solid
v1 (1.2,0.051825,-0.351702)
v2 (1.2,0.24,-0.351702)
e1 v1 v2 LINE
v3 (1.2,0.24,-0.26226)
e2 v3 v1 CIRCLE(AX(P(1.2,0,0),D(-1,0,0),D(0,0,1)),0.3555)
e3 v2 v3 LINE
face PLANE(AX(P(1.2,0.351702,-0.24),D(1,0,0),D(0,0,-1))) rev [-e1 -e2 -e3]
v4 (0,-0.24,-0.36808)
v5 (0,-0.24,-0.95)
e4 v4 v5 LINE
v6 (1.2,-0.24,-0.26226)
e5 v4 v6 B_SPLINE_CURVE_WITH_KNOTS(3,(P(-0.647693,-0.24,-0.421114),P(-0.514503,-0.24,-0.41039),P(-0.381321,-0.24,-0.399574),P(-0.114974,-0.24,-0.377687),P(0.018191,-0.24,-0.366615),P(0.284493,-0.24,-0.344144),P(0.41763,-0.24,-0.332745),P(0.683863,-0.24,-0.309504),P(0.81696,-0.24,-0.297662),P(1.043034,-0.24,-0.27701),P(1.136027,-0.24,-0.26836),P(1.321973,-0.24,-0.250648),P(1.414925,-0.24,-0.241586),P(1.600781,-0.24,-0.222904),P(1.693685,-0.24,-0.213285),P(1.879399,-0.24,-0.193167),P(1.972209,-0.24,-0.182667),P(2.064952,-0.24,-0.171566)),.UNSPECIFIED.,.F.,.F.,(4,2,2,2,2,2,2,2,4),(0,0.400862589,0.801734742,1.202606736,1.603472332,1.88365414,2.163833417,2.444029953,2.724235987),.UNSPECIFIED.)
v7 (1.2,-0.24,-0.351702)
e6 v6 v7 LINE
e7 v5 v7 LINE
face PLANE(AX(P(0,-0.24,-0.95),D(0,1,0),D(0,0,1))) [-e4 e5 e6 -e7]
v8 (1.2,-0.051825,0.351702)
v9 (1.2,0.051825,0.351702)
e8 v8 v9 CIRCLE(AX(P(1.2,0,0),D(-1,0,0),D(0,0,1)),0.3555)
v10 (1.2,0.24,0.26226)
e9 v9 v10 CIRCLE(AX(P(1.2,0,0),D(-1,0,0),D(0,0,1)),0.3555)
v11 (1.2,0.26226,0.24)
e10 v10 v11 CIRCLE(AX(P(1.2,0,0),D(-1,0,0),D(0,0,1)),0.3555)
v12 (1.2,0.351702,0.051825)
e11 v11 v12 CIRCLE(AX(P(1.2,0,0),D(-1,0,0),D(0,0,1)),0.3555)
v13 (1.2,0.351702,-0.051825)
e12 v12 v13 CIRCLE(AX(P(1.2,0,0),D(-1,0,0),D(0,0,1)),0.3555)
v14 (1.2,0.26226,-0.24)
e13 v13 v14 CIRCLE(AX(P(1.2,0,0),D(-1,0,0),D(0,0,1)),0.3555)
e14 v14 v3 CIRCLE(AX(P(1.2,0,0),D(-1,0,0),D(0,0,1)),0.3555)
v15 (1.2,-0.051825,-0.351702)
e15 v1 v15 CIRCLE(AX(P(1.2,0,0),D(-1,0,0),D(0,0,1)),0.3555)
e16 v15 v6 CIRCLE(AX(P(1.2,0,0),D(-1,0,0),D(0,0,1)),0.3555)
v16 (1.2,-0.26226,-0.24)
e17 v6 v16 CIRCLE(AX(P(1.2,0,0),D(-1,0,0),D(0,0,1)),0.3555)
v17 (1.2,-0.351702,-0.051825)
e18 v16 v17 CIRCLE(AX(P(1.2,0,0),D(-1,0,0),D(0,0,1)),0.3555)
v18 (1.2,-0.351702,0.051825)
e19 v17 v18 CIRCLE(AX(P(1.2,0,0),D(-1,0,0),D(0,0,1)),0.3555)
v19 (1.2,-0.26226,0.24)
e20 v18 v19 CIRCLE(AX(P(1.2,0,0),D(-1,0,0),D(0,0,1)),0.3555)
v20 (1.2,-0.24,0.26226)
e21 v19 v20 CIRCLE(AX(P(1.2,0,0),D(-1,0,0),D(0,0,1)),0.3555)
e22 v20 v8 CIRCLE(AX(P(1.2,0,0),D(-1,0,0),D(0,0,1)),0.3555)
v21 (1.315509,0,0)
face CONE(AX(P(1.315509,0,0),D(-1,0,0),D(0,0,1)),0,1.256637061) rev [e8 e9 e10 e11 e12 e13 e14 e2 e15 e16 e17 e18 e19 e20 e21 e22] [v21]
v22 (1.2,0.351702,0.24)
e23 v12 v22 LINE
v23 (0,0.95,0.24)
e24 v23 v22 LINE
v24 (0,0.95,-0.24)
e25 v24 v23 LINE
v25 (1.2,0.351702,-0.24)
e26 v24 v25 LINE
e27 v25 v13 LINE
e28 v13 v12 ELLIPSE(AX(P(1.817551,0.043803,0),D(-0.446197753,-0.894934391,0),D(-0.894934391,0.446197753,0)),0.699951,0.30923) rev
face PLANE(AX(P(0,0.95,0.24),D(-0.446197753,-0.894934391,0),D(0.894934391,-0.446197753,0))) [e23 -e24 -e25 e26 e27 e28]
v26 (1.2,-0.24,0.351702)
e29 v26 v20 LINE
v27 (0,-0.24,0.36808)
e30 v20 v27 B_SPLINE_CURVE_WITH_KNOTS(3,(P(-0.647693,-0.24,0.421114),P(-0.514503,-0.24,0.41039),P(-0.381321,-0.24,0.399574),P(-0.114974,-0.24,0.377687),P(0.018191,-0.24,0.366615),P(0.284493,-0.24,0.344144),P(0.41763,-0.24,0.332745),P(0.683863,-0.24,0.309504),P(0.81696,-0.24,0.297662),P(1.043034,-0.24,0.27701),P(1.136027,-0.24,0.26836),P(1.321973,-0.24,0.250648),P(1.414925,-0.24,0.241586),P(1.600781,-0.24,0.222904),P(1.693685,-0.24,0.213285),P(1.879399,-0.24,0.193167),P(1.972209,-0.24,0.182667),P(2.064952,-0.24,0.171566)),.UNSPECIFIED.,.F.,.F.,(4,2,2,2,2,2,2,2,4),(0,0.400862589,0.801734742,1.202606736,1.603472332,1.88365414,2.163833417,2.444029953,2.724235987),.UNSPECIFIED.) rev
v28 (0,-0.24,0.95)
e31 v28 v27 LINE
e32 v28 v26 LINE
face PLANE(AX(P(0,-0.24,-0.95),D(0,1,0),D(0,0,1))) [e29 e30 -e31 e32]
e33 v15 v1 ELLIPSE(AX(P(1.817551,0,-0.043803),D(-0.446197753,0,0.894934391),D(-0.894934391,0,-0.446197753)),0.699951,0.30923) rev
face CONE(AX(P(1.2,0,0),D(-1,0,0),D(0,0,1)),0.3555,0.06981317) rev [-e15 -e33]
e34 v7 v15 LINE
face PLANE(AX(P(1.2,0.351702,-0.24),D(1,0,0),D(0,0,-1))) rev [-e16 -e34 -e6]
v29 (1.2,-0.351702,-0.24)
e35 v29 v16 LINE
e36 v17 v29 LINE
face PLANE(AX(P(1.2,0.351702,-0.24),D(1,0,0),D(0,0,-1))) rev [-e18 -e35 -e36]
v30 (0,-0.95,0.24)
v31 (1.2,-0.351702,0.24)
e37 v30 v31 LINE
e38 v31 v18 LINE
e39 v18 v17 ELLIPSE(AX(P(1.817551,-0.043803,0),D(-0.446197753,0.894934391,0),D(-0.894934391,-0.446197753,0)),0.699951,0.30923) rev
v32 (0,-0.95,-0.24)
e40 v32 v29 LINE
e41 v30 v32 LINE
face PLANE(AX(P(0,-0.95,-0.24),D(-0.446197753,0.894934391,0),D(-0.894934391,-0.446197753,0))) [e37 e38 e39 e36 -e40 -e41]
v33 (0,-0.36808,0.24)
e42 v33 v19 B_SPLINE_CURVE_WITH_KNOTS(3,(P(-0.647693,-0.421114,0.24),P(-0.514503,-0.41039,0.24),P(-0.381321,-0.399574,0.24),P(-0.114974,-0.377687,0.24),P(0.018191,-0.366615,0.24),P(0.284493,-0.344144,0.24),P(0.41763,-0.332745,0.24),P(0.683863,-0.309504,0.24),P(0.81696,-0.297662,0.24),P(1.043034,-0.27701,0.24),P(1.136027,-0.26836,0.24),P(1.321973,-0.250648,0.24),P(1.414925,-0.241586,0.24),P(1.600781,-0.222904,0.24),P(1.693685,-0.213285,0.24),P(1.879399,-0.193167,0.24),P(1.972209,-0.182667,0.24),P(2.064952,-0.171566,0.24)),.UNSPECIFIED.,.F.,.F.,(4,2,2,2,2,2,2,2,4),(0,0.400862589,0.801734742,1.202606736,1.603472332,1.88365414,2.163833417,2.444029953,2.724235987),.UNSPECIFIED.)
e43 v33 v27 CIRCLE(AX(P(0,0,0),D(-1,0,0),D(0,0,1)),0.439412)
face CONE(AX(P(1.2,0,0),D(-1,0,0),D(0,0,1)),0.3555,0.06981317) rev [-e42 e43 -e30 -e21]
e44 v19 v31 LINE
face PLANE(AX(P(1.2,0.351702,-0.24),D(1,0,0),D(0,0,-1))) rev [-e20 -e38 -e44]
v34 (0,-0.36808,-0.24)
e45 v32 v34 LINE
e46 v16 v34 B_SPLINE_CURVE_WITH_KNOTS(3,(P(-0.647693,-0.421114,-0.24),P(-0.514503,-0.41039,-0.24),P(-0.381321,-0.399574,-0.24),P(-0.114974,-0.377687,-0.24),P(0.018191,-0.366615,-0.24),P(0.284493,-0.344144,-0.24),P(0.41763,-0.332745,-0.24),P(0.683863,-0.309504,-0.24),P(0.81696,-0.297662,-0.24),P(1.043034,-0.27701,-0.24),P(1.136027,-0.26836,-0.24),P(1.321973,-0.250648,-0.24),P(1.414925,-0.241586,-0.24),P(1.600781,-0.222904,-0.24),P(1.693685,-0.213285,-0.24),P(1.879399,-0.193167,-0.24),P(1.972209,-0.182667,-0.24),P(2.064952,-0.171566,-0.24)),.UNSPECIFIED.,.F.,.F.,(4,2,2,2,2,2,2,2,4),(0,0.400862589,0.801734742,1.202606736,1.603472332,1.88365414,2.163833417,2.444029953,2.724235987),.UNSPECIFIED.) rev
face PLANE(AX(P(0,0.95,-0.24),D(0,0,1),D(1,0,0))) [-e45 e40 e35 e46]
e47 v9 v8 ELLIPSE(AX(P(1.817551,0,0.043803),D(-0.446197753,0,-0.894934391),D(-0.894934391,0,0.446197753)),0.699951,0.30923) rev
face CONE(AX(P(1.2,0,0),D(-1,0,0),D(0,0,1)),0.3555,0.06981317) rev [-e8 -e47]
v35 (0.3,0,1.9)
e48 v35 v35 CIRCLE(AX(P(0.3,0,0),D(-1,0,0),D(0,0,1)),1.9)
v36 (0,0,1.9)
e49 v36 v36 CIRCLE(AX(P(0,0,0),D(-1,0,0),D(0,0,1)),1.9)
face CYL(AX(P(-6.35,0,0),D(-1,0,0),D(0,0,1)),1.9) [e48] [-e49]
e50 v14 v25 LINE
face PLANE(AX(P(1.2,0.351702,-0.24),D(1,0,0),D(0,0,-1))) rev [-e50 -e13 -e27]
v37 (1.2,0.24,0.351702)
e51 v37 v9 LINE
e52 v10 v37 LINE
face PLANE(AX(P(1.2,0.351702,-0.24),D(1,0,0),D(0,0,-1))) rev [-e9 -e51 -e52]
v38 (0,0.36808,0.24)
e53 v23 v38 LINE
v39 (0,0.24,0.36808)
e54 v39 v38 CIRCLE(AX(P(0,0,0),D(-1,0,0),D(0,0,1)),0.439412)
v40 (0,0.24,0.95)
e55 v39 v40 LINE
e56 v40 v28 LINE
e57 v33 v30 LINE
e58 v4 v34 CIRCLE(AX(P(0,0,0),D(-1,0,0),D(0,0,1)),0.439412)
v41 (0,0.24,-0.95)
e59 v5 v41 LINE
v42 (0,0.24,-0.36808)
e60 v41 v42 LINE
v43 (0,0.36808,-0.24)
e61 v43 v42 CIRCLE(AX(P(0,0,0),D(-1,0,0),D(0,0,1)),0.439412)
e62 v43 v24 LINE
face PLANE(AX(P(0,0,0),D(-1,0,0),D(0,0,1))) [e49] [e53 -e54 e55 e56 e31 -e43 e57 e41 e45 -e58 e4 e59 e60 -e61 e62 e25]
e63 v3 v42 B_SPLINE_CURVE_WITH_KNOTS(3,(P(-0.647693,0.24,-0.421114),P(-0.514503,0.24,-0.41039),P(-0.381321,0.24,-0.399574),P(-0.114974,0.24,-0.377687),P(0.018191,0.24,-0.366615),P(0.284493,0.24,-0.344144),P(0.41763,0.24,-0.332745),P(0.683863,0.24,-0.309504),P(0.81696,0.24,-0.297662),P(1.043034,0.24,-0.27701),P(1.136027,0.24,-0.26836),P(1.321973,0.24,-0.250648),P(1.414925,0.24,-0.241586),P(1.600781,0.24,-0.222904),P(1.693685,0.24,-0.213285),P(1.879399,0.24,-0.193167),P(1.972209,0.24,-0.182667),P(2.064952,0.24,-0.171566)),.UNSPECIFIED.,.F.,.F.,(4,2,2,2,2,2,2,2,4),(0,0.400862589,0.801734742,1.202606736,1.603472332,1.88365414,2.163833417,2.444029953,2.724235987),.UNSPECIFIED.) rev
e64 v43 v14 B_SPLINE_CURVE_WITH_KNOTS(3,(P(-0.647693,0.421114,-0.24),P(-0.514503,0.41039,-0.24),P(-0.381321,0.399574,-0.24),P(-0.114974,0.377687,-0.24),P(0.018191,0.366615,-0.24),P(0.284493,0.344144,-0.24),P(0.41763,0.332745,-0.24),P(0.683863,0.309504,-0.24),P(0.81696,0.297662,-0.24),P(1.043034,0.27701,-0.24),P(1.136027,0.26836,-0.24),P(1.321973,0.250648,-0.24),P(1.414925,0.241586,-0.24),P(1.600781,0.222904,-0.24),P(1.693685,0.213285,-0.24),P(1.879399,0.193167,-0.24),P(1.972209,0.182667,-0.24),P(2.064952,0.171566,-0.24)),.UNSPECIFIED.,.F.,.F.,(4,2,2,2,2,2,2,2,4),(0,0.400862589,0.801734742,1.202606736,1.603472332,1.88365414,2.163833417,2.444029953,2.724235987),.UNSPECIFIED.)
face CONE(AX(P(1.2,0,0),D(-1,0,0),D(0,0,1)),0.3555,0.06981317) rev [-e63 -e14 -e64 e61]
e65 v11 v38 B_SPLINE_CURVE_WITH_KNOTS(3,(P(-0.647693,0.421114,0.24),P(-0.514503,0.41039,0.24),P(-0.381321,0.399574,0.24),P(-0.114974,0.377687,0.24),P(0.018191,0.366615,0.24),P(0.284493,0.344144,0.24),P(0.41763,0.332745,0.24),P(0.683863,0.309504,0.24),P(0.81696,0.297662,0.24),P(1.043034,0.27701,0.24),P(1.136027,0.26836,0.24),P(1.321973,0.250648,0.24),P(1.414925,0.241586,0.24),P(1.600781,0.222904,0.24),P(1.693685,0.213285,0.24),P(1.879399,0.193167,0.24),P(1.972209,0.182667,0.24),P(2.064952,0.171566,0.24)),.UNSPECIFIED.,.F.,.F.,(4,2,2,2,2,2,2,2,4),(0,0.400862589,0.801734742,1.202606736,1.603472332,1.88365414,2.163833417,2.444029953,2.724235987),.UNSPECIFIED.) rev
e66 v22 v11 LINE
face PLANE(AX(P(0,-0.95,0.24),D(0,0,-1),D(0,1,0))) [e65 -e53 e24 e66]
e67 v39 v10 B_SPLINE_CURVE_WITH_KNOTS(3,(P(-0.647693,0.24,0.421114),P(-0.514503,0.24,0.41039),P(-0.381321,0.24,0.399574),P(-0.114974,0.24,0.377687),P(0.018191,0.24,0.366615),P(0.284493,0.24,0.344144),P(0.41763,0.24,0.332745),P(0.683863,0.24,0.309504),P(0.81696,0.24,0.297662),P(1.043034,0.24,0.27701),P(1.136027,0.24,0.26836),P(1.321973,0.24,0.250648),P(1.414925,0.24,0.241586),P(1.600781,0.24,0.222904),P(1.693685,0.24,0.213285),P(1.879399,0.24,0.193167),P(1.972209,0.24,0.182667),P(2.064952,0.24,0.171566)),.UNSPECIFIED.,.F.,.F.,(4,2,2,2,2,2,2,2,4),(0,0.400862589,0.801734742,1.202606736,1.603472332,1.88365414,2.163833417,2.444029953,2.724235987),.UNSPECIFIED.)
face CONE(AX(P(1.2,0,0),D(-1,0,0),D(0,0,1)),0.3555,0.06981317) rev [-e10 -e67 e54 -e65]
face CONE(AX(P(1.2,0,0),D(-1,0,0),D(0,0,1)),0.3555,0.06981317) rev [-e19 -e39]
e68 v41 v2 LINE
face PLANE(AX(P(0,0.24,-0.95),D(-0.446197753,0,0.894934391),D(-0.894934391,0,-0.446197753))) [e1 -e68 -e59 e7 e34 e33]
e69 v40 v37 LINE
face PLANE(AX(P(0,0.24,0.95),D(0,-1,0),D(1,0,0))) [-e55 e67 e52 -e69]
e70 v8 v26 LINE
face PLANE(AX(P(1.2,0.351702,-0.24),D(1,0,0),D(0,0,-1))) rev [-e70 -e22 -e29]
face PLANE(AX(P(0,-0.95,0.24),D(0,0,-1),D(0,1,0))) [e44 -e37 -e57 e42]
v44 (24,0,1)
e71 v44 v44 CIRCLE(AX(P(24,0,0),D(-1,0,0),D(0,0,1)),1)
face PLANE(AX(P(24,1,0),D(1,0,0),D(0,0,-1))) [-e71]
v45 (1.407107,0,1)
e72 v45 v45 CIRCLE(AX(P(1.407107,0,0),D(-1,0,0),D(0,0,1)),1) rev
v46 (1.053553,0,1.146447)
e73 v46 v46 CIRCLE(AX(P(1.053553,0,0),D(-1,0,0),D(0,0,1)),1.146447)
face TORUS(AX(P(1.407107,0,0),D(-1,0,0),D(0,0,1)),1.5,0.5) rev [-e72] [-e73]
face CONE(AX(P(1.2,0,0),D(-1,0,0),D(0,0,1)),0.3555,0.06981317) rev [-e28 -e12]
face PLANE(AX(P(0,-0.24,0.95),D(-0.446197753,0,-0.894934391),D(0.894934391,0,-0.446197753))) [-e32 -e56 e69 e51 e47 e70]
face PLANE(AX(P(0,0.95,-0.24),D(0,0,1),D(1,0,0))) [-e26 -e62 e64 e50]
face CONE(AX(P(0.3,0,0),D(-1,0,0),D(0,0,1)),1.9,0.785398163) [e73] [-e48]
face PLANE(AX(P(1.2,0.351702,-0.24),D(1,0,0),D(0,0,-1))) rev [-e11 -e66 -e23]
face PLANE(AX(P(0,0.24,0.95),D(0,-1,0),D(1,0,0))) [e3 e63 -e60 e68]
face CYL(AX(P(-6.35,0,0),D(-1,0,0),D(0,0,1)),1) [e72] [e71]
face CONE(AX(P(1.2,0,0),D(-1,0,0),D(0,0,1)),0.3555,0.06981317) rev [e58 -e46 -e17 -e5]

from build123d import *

# Parameters (mm, degrees)
FILLET1_R    = 0.5
RECPAT_COUNT = 2
RECPAT_ANGLE = 90


with BuildPart() as part:
    # BodySke → Base-Revolve (revolve)
    with BuildSketch(Plane.XY, mode=Mode.PRIVATE) as base_revolve_sk:
        Polygon((0, 0), (0, 1.9), (0.3, 1.9), (1.2, 1), (24, 1), (24, 0), align=None)
    revolve(base_revolve_sk.sketch.rotate(Axis((-6.35, 0, 0), (1, 0, 0)), 90), axis=Axis((-6.35, 0, 0), (1, 0, 0)))

    # Fillet1
    fillet1_edges = [part.edges().sort_by_distance(p)[0] for p in [
        (1.2, 0, -1),
    ]]
    fillet(fillet1_edges, radius=FILLET1_R)

    # Sketch3 → Recess section 0
    with BuildSketch(Plane.ZY):
        with BuildLine():
            Line((-0.24, 0.95), (0.24, 0.95))
            Line((0.24, 0.95), (0.24, -0.95))
            Line((0.24, -0.95), (-0.24, -0.95))
            Line((-0.24, -0.95), (-0.24, 0.95))
        make_face()
    # Sketch4 → Recess section 1
    with BuildSketch(Plane.ZY.offset(-1.2)):
        with BuildLine():
            Line((-0.24, 0.35170217), (0.24, 0.35170217))
            Line((0.24, 0.35170217), (0.24, -0.35170217))
            Line((0.24, -0.35170217), (-0.24, -0.35170217))
            Line((-0.24, -0.35170217), (-0.24, 0.35170217))
        make_face()
    recess = loft(mode=Mode.SUBTRACT)

    # RecPat: Recess ×2 about axis
    recpat_axis = Axis((0, 0, 0), (1, 0, 0))
    for i in range(1, RECPAT_COUNT):
        add(recess.rotate(recpat_axis, i * RECPAT_ANGLE / (RECPAT_COUNT - 1)), mode=Mode.SUBTRACT)

    # RecCorSke → RecessCore (revolve, cut)
    with BuildSketch(Plane.XY, mode=Mode.PRIVATE) as recesscore_sk:
        Polygon((0, 0), (0, 0.439412174), (1.2, 0.3555), (1.315508952, 0), align=None)
    revolve(recesscore_sk.sketch.rotate(Axis((-3.175, 0, 0), (1, 0, 0)), 90), axis=Axis((-3.175, 0, 0), (1, 0, 0)), mode=Mode.SUBTRACT)


solid = part.part
